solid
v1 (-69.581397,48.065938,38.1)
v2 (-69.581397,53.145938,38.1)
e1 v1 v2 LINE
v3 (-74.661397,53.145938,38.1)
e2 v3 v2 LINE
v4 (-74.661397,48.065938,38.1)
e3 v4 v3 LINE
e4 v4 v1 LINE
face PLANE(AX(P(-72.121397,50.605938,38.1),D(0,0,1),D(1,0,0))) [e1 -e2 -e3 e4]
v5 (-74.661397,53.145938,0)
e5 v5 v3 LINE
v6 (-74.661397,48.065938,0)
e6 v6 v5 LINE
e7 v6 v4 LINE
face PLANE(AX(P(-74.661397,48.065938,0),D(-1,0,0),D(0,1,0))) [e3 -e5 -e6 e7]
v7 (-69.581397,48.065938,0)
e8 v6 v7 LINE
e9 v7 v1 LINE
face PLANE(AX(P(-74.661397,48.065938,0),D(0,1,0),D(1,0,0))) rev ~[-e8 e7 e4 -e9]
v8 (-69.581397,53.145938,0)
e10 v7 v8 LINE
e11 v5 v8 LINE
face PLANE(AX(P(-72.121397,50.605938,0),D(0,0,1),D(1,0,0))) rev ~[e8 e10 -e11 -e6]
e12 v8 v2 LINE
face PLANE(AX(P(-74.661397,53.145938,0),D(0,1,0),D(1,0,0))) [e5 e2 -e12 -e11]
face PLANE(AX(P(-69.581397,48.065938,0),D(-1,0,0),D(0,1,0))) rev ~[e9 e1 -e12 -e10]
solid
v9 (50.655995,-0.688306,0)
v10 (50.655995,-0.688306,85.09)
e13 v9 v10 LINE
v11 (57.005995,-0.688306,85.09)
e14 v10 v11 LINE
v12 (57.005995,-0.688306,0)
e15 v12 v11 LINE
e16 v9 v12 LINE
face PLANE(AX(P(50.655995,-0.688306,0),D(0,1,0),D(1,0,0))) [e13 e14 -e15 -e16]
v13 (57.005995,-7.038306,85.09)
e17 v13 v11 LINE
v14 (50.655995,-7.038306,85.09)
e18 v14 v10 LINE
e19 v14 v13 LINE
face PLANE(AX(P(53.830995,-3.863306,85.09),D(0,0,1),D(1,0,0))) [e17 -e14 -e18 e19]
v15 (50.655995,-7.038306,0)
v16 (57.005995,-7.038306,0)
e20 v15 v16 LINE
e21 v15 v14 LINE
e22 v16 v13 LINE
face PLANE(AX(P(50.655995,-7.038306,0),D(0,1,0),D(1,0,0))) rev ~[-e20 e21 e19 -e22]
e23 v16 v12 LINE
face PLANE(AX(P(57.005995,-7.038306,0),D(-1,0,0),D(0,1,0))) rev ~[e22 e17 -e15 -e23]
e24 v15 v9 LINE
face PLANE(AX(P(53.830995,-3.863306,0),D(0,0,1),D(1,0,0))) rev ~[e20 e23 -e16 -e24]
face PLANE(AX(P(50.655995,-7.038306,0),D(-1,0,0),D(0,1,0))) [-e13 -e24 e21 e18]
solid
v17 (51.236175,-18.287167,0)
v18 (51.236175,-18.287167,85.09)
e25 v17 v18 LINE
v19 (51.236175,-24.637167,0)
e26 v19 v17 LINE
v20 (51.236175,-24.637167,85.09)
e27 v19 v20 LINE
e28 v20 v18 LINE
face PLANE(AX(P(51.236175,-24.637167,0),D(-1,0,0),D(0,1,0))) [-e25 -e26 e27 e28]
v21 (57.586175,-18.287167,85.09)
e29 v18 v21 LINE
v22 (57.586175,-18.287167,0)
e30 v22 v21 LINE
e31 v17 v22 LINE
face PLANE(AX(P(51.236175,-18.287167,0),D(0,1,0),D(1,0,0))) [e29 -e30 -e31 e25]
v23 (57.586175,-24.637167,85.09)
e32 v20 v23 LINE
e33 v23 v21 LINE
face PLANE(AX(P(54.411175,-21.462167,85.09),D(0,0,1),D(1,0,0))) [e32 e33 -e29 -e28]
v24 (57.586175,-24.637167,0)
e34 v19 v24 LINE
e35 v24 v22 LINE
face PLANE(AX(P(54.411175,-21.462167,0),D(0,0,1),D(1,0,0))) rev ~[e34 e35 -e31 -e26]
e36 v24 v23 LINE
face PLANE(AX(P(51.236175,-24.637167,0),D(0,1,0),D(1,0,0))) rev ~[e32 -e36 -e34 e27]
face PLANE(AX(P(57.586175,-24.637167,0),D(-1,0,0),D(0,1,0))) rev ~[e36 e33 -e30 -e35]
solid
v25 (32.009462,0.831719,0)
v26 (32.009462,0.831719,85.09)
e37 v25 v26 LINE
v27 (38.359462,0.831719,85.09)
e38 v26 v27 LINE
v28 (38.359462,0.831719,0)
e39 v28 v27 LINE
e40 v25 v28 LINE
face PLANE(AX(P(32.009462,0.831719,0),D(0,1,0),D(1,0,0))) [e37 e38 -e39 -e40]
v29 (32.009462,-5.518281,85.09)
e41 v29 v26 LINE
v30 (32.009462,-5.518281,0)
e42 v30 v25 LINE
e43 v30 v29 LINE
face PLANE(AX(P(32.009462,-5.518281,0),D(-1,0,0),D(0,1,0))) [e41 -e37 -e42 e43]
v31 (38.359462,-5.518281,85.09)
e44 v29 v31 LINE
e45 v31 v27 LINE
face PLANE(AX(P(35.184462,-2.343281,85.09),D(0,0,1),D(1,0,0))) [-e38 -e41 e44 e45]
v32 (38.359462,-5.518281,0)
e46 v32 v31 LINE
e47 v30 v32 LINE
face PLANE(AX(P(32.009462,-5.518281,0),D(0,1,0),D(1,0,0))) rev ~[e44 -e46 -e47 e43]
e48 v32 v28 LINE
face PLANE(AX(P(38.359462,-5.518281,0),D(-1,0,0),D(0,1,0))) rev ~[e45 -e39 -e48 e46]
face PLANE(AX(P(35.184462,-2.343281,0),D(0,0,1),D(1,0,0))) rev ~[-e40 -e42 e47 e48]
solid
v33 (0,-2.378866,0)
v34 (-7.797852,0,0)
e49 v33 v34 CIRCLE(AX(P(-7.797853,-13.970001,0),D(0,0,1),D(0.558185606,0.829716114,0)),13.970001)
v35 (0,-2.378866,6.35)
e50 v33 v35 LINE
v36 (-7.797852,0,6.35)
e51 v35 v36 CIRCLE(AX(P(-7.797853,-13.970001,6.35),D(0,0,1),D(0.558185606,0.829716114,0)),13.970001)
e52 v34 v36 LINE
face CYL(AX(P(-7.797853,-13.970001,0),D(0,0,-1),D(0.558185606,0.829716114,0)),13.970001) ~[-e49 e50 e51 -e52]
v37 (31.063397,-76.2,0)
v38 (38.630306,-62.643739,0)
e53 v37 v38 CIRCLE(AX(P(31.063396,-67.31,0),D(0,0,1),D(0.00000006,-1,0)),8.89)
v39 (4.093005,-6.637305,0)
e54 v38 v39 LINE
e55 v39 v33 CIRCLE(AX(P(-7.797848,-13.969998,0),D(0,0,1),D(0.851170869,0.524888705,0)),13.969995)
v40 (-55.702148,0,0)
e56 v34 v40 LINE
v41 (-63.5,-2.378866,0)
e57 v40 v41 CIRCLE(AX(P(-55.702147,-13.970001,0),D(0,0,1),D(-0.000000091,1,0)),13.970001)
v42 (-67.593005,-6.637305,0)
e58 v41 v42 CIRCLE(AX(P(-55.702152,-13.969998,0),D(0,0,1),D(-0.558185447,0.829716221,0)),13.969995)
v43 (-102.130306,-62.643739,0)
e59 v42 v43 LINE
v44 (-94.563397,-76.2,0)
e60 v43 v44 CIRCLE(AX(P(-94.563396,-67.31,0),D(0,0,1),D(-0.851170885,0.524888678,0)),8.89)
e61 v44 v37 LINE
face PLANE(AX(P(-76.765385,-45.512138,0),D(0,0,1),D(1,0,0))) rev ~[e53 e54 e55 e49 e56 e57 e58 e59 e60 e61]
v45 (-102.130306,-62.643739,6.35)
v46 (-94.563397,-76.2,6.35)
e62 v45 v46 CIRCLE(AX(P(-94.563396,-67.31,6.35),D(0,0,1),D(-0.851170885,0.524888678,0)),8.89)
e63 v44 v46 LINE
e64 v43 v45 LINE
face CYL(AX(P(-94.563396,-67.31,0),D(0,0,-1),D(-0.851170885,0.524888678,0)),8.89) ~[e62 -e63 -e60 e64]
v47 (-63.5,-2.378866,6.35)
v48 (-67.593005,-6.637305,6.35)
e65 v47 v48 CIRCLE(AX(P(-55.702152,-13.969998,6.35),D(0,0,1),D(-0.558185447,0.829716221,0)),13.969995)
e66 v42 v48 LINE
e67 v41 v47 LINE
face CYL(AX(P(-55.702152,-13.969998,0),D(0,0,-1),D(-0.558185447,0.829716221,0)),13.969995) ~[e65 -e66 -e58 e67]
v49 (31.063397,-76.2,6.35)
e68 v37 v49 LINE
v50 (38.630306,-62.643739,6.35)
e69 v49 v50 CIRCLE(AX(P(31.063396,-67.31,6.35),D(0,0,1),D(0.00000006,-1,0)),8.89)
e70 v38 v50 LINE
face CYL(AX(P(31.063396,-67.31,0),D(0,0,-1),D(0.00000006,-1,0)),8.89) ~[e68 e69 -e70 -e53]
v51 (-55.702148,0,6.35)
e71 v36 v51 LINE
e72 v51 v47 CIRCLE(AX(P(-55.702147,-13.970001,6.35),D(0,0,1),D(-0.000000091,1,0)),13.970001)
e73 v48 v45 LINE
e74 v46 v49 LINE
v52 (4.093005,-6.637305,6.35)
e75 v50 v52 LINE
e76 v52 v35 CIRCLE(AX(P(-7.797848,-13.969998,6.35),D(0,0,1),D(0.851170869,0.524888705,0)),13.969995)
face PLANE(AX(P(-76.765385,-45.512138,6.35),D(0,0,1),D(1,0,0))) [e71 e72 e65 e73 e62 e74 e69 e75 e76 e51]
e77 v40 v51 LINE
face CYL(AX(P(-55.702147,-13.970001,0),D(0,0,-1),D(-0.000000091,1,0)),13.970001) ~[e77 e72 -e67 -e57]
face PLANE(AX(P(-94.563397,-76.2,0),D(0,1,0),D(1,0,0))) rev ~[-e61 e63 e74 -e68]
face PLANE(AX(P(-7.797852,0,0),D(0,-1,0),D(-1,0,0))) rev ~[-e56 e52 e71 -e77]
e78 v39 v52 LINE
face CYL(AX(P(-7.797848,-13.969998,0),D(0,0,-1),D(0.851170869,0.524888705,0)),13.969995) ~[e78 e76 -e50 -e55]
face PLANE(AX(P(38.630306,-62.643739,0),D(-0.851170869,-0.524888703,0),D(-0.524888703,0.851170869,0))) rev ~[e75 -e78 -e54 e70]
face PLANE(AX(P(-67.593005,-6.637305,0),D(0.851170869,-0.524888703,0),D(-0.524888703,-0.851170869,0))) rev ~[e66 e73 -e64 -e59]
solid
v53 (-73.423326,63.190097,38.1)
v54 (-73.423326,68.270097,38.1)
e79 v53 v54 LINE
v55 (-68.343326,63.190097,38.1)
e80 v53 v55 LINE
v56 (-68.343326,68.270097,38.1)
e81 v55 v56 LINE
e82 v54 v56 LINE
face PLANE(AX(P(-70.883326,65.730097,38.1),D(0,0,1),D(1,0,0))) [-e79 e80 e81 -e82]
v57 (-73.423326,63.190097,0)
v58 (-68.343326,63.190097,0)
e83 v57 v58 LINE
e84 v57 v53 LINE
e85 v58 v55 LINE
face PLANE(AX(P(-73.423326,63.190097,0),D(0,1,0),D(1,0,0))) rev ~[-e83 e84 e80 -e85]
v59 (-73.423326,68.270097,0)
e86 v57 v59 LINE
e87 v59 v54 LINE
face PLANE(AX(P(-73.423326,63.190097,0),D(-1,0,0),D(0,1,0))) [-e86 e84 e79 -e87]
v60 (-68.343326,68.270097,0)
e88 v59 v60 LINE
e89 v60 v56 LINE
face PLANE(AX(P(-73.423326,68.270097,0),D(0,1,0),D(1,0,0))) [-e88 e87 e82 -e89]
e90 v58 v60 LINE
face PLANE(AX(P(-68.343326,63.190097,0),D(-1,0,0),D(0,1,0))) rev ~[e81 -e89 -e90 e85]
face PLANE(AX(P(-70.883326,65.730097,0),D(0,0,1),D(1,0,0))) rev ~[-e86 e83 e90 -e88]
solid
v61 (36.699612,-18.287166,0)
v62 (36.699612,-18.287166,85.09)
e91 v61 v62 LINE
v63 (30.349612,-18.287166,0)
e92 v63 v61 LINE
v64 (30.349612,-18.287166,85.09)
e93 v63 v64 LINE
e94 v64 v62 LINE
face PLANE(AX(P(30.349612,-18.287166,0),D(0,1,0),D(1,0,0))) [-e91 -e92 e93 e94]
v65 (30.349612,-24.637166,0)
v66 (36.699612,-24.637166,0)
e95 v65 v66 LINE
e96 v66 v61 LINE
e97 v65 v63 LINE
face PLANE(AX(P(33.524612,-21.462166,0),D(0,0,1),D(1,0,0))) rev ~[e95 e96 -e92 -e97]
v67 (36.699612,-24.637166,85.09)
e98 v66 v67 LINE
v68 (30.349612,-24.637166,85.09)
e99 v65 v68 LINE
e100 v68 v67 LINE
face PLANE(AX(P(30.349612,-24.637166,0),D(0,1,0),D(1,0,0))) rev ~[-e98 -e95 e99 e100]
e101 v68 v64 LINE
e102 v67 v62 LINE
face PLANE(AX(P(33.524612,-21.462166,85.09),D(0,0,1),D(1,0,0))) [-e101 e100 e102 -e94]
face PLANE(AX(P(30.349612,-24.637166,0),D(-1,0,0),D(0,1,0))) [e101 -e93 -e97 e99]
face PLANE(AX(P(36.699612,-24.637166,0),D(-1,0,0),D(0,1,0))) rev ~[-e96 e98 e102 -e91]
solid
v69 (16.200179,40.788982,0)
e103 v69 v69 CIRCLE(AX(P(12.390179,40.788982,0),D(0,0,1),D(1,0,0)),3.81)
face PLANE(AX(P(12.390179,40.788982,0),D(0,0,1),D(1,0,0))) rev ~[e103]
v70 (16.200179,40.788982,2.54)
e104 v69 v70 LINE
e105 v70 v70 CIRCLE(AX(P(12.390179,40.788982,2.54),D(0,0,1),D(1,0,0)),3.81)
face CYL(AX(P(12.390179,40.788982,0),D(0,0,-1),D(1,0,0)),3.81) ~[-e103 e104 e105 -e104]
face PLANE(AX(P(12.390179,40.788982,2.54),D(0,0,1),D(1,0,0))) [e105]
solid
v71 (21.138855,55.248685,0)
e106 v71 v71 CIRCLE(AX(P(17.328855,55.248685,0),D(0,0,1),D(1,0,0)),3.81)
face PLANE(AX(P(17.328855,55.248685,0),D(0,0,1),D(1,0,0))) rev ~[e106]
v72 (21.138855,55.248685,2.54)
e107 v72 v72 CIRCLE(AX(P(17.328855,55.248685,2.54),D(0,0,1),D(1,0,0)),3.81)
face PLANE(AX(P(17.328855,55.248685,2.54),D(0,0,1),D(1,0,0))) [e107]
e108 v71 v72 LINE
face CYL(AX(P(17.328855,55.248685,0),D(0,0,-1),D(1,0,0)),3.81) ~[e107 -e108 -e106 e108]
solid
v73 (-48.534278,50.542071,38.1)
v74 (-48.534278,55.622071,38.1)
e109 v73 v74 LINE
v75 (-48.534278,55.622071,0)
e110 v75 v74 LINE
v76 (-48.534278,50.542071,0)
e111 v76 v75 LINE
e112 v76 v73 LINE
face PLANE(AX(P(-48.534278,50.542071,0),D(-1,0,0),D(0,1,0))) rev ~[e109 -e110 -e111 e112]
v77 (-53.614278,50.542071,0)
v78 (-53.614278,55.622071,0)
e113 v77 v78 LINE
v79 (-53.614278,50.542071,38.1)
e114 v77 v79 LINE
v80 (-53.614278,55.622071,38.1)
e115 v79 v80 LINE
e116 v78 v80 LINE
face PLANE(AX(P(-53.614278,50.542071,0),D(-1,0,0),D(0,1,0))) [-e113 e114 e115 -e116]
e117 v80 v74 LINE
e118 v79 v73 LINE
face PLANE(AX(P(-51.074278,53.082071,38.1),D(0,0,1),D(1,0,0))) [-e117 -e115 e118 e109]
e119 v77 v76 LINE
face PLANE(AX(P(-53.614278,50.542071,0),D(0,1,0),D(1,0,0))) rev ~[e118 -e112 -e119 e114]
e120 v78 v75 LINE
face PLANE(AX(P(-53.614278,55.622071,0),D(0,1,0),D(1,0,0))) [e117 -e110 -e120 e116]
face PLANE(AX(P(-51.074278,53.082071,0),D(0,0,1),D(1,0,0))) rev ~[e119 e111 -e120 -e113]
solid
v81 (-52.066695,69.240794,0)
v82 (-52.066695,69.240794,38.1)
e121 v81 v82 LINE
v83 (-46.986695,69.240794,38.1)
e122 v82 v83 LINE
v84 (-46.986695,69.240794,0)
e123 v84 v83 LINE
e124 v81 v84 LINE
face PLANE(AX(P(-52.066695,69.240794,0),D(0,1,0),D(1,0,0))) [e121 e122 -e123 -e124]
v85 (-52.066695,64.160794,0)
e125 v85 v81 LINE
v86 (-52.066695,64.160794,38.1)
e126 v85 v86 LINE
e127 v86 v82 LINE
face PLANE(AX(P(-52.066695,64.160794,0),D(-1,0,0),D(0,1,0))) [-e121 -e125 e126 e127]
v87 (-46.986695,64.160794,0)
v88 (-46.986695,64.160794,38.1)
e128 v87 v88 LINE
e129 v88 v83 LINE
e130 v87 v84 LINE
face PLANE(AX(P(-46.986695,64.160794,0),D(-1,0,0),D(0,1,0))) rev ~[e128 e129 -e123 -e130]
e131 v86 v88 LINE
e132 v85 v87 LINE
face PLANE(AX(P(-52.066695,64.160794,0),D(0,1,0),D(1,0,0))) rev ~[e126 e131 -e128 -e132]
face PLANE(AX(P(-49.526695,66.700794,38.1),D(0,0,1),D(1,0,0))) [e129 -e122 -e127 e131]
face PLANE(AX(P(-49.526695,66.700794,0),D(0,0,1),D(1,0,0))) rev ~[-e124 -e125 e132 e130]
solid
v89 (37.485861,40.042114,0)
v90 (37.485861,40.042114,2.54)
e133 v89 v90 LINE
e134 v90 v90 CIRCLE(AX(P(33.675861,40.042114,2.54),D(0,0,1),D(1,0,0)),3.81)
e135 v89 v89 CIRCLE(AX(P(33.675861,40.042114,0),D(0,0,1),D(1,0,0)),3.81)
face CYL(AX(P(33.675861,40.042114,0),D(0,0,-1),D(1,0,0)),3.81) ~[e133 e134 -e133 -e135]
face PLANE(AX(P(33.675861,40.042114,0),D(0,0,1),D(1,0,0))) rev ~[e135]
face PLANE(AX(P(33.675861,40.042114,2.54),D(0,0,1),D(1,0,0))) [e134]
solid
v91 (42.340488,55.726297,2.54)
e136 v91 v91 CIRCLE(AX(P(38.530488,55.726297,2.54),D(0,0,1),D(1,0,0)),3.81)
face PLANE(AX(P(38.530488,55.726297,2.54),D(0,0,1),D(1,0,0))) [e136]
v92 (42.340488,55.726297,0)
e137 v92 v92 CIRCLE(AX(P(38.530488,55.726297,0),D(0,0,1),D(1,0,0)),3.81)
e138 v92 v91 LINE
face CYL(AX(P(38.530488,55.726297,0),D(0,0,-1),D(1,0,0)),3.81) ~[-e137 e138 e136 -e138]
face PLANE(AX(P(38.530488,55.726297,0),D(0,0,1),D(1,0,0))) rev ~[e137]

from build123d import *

# Parameters (mm, degrees)
F1_DEPTH = 6.35
F2_W     = 6.35
F2_H     = 6.35
F3_DEPTH = 85.09
F4_W     = 5.08
F4_H     = 5.08
F5_DEPTH = 38.1
F6_R     = 3.81
F7_DEPTH = 2.54


with BuildPart() as f1:
    # F0 (on Top) → F1 (new body)
    with BuildSketch(Plane.XY):
        with BuildLine():
            Line((-63.5, -76.2), (-63.5, -2.378866))
            ThreePointArc((-63.5, -2.378866), (-65.774133, -4.289297), (-67.593005, -6.637305))
            Line((-67.593005, -6.637305), (-102.130306, -62.643739))
            ThreePointArc((-102.130306, -62.643739), (-102.325972, -71.642958), (-94.563397, -76.2))
            Line((-94.563397, -76.2), (-63.5, -76.2))
        make_face()
        with BuildLine():
            Line((-7.797852, 0), (-55.702148, 0))
            ThreePointArc((-55.702148, 0), (-59.778467, -0.607945), (-63.5, -2.378866))
            Line((-63.5, -2.378866), (-63.5, -76.2))
            Line((-63.5, -76.2), (0, -76.2))
            Line((0, -76.2), (0, -2.378866))
            ThreePointArc((0, -2.378866), (-3.721533, -0.607945), (-7.797852, 0))
        make_face()
        with BuildLine():
            ThreePointArc((4.093005, -6.637305), (2.274133, -4.289297), (0, -2.378866))
            Line((0, -2.378866), (0, -76.2))
            Line((0, -76.2), (31.063397, -76.2))
            ThreePointArc((31.063397, -76.2), (38.825972, -71.642958), (38.630306, -62.643739))
            Line((38.630306, -62.643739), (4.093005, -6.637305))
        make_face()
    extrude(amount=F1_DEPTH)


with BuildPart() as f3:
    # F2 (on Top) → F3 (new body)
    with BuildSketch(Plane.XY):
        with Locations((35.184462, -2.343281)):
            Rectangle(F2_W, F2_H)
        with Locations((53.830995, -3.863306)):
            Rectangle(F2_W, F2_H)
        with Locations((33.524612, -21.462166)):
            Rectangle(F2_W, F2_H)
        with Locations((54.411175, -21.462167)):
            Rectangle(F2_W, F2_H)
    extrude(amount=F3_DEPTH)


with BuildPart() as f5:
    # F4 (on Top) → F5 (new body)
    with BuildSketch(Plane.XY):
        with Locations((-72.121397, 50.605938)):
            Rectangle(F4_W, F4_H)
        with Locations((-51.074278, 53.082071)):
            Rectangle(F4_W, F4_H)
        with Locations((-70.883326, 65.730097)):
            Rectangle(F4_W, F4_H)
        with Locations((-49.526695, 66.700794)):
            Rectangle(F4_W, F4_H)
    extrude(amount=F5_DEPTH)


with BuildPart() as f7:
    # F6 (on Top) → F7 (new body)
    with BuildSketch(Plane.XY):
        with Locations((38.530488, 55.726297)):
            Circle(F6_R)
        with Locations((12.390179, 40.788982)):
            Circle(F6_R)
        with Locations((33.675861, 40.042114)):
            Circle(F6_R)
        with Locations((17.328855, 55.248685)):
            Circle(F6_R)
    extrude(amount=F7_DEPTH)


solid = Compound([f1.part, f3.part, f5.part, f7.part])
